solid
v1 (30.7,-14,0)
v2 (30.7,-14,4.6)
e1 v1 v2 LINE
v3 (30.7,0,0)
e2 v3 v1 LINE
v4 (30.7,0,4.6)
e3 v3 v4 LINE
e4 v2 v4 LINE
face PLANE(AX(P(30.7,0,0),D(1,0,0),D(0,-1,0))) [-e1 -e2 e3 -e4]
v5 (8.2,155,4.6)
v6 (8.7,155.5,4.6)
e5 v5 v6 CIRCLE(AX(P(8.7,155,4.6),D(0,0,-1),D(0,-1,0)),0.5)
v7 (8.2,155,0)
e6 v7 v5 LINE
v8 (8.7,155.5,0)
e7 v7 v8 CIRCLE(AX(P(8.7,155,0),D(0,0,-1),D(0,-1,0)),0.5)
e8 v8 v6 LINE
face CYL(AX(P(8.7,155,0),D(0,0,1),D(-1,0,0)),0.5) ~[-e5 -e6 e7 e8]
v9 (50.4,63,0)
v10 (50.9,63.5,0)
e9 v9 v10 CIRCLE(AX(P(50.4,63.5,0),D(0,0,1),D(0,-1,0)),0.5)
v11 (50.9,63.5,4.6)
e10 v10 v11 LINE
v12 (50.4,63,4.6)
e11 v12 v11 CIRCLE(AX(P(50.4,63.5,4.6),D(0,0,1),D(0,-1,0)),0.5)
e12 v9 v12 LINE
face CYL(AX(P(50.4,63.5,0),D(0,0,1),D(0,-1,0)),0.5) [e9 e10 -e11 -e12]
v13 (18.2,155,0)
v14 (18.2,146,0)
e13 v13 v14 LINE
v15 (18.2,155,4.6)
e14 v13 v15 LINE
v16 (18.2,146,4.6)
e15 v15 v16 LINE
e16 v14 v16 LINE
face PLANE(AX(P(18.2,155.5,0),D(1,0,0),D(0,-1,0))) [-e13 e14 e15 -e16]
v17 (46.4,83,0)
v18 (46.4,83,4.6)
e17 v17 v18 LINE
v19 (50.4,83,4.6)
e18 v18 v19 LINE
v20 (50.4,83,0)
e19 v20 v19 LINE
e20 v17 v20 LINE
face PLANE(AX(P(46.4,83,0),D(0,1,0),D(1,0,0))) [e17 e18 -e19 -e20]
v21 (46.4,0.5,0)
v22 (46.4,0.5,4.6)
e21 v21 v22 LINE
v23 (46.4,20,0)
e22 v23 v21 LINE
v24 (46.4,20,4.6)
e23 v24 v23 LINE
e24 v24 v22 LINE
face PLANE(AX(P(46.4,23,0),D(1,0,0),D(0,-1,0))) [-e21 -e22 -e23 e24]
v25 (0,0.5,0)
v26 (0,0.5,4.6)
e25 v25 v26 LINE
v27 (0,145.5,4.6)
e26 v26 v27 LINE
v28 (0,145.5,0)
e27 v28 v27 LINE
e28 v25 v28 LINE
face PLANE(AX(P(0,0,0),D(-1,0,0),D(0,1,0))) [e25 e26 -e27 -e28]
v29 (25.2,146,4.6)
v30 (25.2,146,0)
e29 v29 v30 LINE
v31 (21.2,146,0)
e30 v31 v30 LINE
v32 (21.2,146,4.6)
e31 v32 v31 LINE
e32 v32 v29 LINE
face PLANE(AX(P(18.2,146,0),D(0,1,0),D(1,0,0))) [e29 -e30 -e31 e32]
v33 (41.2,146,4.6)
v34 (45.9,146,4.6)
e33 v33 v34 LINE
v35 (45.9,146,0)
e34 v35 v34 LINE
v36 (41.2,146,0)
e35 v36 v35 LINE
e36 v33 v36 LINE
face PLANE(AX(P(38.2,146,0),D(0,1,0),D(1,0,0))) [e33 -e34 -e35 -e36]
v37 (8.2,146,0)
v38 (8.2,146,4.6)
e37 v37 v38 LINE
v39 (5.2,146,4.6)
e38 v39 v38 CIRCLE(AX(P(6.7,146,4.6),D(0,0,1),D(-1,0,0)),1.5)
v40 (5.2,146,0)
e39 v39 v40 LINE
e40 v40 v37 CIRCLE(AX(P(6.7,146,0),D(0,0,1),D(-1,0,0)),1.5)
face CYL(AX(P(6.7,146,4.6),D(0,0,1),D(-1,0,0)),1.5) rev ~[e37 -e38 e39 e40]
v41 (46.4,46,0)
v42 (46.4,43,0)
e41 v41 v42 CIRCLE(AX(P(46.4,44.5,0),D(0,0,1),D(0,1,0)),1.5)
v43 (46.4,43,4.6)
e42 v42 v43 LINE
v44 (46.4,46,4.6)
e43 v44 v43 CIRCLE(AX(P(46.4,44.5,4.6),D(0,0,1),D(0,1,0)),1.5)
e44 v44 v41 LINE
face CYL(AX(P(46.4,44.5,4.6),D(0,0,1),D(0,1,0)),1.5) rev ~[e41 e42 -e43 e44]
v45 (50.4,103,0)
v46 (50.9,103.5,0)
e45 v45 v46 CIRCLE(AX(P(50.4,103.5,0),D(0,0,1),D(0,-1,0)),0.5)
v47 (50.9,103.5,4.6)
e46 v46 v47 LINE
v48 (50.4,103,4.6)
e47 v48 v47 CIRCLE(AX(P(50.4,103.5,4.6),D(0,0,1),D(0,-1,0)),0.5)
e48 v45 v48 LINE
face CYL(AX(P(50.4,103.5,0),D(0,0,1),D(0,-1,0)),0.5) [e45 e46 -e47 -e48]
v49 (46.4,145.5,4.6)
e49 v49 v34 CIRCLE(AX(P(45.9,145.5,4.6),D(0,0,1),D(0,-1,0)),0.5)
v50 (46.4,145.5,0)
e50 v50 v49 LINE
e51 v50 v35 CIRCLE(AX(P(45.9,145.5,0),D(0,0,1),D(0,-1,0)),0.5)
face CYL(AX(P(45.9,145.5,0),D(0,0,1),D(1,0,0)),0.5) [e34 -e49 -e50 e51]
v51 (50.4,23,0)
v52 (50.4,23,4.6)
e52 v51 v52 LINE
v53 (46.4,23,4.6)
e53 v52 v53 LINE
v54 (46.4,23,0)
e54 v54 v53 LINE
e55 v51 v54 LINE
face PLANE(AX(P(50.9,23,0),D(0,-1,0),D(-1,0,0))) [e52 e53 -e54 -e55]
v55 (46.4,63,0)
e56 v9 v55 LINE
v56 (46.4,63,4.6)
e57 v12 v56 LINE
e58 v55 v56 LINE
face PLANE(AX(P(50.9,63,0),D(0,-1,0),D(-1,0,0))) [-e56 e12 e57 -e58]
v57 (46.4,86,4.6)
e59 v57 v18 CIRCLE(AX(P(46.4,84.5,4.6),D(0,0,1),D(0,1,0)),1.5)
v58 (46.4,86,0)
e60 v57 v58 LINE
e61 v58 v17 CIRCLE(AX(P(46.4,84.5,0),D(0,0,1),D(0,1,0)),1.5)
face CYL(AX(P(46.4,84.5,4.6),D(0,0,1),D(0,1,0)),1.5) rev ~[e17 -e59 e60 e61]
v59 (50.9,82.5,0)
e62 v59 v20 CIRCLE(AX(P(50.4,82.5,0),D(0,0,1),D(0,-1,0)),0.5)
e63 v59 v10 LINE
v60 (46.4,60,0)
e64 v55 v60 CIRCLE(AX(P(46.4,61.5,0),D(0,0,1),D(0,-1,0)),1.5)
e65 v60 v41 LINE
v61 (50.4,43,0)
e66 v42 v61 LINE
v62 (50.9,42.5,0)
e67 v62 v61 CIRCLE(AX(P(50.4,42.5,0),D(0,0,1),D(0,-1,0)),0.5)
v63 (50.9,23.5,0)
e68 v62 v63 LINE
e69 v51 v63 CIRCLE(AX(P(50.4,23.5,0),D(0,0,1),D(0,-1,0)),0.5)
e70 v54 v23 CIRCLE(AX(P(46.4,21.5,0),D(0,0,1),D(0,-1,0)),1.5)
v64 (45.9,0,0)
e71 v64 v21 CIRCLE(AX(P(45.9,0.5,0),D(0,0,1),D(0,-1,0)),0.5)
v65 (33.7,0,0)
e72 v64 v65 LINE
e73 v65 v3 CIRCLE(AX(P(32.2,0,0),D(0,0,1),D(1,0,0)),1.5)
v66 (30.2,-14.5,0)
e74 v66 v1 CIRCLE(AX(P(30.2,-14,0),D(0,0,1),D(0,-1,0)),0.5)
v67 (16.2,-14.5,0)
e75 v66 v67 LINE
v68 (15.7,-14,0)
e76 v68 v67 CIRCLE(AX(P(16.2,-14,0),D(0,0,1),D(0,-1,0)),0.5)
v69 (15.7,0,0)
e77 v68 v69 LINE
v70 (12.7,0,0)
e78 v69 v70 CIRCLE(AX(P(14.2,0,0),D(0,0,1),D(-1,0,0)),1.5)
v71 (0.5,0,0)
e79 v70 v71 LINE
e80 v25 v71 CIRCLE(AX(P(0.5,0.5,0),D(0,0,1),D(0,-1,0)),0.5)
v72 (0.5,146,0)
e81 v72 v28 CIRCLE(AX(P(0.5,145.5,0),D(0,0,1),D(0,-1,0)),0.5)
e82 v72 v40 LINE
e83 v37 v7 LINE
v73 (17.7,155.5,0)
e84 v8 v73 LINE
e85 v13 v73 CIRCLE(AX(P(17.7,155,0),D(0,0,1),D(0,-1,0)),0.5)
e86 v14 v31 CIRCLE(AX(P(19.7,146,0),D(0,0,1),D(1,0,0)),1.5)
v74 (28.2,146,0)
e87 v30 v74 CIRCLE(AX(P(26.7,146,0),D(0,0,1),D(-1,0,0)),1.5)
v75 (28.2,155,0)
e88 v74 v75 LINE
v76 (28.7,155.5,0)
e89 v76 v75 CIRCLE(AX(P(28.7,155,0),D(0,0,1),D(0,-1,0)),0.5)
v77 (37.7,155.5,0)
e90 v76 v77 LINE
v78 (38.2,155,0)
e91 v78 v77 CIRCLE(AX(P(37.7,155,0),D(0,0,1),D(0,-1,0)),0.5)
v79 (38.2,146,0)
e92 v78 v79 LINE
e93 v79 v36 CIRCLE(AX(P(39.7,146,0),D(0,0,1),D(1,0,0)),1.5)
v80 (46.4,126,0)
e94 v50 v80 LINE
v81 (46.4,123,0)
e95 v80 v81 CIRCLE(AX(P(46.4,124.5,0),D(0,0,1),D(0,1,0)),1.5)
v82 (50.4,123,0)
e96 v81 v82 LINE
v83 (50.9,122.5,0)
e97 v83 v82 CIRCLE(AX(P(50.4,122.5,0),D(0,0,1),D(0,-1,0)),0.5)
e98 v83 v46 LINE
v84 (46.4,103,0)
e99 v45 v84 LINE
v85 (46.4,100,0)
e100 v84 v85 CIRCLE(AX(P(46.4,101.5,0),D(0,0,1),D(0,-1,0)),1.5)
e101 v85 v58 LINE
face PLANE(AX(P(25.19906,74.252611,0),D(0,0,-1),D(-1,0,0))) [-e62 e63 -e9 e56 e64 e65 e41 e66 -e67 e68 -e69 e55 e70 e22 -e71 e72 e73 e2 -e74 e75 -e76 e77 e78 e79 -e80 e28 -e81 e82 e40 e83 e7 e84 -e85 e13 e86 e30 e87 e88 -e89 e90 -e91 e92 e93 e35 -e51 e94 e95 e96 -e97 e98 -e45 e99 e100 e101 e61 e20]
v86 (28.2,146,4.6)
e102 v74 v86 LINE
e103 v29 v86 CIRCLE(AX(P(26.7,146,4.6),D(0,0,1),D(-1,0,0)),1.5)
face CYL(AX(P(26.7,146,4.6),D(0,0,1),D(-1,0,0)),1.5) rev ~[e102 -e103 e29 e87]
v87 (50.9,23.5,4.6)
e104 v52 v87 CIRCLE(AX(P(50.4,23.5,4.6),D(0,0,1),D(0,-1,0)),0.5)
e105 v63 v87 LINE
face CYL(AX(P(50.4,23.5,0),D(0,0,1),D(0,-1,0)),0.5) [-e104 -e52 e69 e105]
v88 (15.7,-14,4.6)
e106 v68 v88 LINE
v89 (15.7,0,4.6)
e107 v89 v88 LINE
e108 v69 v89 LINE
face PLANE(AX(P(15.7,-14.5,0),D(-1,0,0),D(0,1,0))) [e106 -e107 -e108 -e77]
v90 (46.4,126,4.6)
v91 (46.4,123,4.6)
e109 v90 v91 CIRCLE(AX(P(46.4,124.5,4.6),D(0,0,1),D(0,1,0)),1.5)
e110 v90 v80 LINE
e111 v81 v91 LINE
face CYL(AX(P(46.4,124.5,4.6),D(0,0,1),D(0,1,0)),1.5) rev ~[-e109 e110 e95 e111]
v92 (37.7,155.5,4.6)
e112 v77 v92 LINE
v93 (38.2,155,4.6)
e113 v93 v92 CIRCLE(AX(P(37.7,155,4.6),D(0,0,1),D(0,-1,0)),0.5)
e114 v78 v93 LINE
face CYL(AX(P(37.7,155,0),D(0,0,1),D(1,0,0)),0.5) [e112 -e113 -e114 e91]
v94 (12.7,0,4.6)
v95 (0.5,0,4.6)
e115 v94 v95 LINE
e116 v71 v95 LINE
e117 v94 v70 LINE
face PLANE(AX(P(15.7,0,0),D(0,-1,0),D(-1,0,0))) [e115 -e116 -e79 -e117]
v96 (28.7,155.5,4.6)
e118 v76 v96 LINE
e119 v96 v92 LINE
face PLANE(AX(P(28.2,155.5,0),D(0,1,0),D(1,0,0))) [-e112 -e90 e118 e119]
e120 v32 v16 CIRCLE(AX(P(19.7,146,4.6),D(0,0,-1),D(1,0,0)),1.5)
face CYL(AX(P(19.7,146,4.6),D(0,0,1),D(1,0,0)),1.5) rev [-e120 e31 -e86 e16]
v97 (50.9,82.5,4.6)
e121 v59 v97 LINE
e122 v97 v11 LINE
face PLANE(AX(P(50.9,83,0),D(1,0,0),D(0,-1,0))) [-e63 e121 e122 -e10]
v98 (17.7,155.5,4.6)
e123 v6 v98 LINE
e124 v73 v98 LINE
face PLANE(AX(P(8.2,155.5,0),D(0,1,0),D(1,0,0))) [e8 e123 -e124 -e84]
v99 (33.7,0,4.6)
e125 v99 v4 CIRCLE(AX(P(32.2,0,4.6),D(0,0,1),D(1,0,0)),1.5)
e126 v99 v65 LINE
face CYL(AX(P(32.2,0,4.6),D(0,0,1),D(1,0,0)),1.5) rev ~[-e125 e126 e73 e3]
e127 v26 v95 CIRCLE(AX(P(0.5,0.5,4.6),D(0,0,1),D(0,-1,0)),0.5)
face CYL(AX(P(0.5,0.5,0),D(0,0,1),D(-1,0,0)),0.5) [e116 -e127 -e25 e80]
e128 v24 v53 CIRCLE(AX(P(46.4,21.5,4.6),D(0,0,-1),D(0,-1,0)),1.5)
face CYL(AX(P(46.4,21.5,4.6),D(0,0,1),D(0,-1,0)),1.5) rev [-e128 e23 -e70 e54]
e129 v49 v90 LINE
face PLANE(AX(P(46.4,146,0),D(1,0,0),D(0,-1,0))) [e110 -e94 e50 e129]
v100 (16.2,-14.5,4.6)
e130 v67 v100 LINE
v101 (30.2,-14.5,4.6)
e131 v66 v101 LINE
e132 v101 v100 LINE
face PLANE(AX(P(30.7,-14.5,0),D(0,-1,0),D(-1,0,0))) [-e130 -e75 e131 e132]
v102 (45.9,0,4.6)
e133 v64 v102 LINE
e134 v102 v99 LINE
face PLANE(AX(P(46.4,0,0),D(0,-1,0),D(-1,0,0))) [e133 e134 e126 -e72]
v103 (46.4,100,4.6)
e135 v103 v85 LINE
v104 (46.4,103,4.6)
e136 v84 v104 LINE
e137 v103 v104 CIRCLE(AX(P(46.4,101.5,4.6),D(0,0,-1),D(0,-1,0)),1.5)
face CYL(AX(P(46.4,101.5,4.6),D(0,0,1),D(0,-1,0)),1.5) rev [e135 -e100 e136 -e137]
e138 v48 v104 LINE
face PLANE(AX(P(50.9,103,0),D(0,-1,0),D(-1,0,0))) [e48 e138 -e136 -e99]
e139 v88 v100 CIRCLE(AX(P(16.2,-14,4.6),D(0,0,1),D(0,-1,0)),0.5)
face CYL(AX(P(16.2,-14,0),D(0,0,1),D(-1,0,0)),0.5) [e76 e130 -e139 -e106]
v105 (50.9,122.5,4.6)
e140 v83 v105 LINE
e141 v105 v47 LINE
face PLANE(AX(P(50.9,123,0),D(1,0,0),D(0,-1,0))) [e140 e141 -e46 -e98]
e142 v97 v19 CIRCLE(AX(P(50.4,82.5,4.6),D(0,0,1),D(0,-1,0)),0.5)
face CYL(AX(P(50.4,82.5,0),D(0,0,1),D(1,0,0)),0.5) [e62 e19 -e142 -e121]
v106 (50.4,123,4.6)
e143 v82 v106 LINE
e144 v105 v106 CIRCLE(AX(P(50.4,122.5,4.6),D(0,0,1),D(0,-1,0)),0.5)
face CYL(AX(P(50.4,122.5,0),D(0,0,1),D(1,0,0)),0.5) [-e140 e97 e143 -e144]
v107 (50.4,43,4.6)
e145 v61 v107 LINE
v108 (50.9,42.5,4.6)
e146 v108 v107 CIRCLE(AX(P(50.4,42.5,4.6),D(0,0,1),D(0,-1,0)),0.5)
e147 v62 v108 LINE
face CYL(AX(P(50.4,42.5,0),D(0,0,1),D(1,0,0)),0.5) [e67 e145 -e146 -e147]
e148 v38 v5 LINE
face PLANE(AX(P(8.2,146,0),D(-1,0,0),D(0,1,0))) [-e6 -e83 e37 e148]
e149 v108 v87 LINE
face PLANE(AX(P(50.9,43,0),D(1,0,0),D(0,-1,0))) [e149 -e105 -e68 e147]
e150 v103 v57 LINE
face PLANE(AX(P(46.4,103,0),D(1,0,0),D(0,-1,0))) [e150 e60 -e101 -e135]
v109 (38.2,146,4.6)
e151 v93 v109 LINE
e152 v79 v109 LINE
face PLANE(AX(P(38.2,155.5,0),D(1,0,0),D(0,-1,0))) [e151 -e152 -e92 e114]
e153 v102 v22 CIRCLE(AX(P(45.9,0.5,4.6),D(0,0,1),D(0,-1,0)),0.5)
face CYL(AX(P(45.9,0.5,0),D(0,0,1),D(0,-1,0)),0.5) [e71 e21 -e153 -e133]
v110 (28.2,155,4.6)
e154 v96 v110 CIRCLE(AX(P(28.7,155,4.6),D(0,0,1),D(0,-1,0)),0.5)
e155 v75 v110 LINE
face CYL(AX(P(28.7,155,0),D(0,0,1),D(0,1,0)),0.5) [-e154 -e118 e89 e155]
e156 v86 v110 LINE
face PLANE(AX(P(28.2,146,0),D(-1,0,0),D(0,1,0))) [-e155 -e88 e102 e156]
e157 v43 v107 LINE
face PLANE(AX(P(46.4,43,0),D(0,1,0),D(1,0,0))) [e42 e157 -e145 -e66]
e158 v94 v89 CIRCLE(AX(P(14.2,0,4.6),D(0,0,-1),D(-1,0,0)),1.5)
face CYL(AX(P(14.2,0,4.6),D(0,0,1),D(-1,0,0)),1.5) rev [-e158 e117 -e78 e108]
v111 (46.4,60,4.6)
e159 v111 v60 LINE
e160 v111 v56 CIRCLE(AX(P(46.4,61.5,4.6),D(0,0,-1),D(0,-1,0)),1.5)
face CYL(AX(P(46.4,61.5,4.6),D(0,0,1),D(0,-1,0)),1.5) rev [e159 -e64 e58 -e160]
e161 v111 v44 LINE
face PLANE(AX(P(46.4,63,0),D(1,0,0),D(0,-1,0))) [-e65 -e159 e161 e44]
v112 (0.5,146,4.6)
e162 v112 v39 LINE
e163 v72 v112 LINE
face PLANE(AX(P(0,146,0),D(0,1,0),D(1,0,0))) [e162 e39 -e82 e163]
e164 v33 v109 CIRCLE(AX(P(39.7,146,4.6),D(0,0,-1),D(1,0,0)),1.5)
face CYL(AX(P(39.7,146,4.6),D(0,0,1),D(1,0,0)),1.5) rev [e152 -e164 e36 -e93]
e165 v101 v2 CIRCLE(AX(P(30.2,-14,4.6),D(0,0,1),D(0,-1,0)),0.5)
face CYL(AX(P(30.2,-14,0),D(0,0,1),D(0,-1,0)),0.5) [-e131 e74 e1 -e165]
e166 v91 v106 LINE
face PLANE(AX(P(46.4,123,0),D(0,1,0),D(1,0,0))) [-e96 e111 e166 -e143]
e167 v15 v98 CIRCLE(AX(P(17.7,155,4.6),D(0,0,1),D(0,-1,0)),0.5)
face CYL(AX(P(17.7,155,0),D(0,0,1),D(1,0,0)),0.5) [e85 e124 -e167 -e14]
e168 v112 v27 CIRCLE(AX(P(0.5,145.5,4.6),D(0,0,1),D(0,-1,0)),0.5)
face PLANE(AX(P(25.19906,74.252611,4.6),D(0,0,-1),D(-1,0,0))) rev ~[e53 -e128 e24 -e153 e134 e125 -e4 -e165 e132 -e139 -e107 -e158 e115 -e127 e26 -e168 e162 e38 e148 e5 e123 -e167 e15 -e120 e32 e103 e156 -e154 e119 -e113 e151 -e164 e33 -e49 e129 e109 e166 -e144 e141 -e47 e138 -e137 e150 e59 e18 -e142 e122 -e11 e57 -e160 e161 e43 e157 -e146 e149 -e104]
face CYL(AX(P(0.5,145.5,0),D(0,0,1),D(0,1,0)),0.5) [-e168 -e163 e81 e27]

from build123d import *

# Parameters (mm, degrees)
BOSS_EXTRUDE1_DEPTH = 4.6
CUT_EXTRUDE1_DEPTH  = 164.683291756
FILLET1_R           = 0.5


with BuildPart() as part:
    # Sketch1 → Boss-Extrude1 (new body)
    with BuildSketch(Plane.XY):
        Polygon((8.2, 146), (8.2, 155.5), (18.2, 155.5), (18.2, 146), (28.2, 146), (28.2, 155.5), (38.2, 155.5), (38.2, 146), (46.4, 146), (46.4, 123), (50.9, 123), (50.9, 103), (46.4, 103), (46.4, 83), (50.9, 83), (50.9, 63), (46.4, 63), (46.4, 43), (50.9, 43), (50.9, 23), (46.4, 23), (46.4, 0), (30.7, 0), (30.7, -14.5), (15.7, -14.5), (15.7, 0), (0, 0), (0, 146), align=None)
    extrude(amount=BOSS_EXTRUDE1_DEPTH)

    # Sketch2 → Cut-Extrude1 (cut, through all)
    with BuildSketch(Plane.XY.offset(4.6)):
        with BuildLine():
            Line((15.7, 0), (15.7, -5))
            ThreePointArc((15.7, -5), (14.2, -6.5), (12.7, -5))
            Line((12.7, -5), (12.7, 0))
            ThreePointArc((12.7, 0), (14.2, 1.5), (15.7, 0))
        make_face()
        with BuildLine():
            Line((30.7, 0), (30.7, -5))
            ThreePointArc((30.7, -5), (32.2, -6.5), (33.7, -5))
            Line((33.7, -5), (33.7, 0))
            ThreePointArc((33.7, 0), (32.2, 1.5), (30.7, 0))
        make_face()
        with BuildLine():
            Line((46.4, 23), (50.9, 23))
            ThreePointArc((50.9, 23), (52.4, 21.5), (50.9, 20))
            Line((50.9, 20), (46.4, 20))
            ThreePointArc((46.4, 20), (44.9, 21.5), (46.4, 23))
        make_face()
        with BuildLine():
            Line((46.4, 63), (50.9, 63))
            ThreePointArc((50.9, 63), (52.4, 61.5), (50.9, 60))
            Line((50.9, 60), (46.4, 60))
            ThreePointArc((46.4, 60), (44.9, 61.5), (46.4, 63))
        make_face()
        with BuildLine():
            Line((46.4, 103), (50.9, 103))
            ThreePointArc((50.9, 103), (52.4, 101.5), (50.9, 100))
            Line((50.9, 100), (46.4, 100))
            ThreePointArc((46.4, 100), (44.9, 101.5), (46.4, 103))
        make_face()
        with BuildLine():
            Line((46.4, 43), (50.9, 43))
            ThreePointArc((50.9, 43), (52.4, 44.5), (50.9, 46))
            Line((50.9, 46), (46.4, 46))
            ThreePointArc((46.4, 46), (44.9, 44.5), (46.4, 43))
        make_face()
        with BuildLine():
            Line((46.4, 83), (50.9, 83))
            ThreePointArc((50.9, 83), (52.4, 84.5), (50.9, 86))
            Line((50.9, 86), (46.4, 86))
            ThreePointArc((46.4, 86), (44.9, 84.5), (46.4, 83))
        make_face()
        with BuildLine():
            Line((46.4, 123), (50.9, 123))
            ThreePointArc((50.9, 123), (52.4, 124.5), (50.9, 126))
            Line((50.9, 126), (46.4, 126))
            ThreePointArc((46.4, 126), (44.9, 124.5), (46.4, 123))
        make_face()
        with BuildLine():
            Line((38.2, 146), (38.2, 155.5))
            ThreePointArc((38.2, 155.5), (39.7, 157), (41.2, 155.5))
            Line((41.2, 155.5), (41.2, 146))
            ThreePointArc((41.2, 146), (39.7, 144.5), (38.2, 146))
        make_face()
        with BuildLine():
            Line((28.2, 146), (28.2, 155.5))
            ThreePointArc((28.2, 155.5), (26.7, 157), (25.2, 155.5))
            Line((25.2, 155.5), (25.2, 146))
            ThreePointArc((25.2, 146), (26.7, 144.5), (28.2, 146))
        make_face()
        with BuildLine():
            Line((8.2, 146), (8.2, 155.5))
            ThreePointArc((8.2, 155.5), (6.7, 157), (5.2, 155.5))
            Line((5.2, 155.5), (5.2, 146))
            ThreePointArc((5.2, 146), (6.7, 144.5), (8.2, 146))
        make_face()
        with BuildLine():
            Line((18.2, 146), (18.2, 155.5))
            ThreePointArc((18.2, 155.5), (19.7, 157), (21.2, 155.5))
            Line((21.2, 155.5), (21.2, 146))
            ThreePointArc((21.2, 146), (19.7, 144.5), (18.2, 146))
        make_face()
    extrude(amount=-CUT_EXTRUDE1_DEPTH, mode=Mode.SUBTRACT)

    # Fillet1
    fillet1_edges = [part.edges().sort_by_distance(p)[0] for p in [
        (0, 146, 2.3),
        (8.2, 155.5, 2.3),
        (18.2, 155.5, 2.3),
        (28.2, 155.5, 2.3),
        (38.2, 155.5, 2.3),
        (46.4, 146, 2.3),
        (50.9, 123, 2.3),
        (50.9, 103, 2.3),
        (50.9, 83, 2.3),
        (50.9, 63, 2.3),
        (50.9, 43, 2.3),
        (50.9, 23, 2.3),
        (46.4, 0, 2.3),
        (30.7, -14.5, 2.3),
        (15.7, -14.5, 2.3),
        (0, 0, 2.3),
    ]]
    fillet(fillet1_edges, radius=FILLET1_R)


solid = part.part
